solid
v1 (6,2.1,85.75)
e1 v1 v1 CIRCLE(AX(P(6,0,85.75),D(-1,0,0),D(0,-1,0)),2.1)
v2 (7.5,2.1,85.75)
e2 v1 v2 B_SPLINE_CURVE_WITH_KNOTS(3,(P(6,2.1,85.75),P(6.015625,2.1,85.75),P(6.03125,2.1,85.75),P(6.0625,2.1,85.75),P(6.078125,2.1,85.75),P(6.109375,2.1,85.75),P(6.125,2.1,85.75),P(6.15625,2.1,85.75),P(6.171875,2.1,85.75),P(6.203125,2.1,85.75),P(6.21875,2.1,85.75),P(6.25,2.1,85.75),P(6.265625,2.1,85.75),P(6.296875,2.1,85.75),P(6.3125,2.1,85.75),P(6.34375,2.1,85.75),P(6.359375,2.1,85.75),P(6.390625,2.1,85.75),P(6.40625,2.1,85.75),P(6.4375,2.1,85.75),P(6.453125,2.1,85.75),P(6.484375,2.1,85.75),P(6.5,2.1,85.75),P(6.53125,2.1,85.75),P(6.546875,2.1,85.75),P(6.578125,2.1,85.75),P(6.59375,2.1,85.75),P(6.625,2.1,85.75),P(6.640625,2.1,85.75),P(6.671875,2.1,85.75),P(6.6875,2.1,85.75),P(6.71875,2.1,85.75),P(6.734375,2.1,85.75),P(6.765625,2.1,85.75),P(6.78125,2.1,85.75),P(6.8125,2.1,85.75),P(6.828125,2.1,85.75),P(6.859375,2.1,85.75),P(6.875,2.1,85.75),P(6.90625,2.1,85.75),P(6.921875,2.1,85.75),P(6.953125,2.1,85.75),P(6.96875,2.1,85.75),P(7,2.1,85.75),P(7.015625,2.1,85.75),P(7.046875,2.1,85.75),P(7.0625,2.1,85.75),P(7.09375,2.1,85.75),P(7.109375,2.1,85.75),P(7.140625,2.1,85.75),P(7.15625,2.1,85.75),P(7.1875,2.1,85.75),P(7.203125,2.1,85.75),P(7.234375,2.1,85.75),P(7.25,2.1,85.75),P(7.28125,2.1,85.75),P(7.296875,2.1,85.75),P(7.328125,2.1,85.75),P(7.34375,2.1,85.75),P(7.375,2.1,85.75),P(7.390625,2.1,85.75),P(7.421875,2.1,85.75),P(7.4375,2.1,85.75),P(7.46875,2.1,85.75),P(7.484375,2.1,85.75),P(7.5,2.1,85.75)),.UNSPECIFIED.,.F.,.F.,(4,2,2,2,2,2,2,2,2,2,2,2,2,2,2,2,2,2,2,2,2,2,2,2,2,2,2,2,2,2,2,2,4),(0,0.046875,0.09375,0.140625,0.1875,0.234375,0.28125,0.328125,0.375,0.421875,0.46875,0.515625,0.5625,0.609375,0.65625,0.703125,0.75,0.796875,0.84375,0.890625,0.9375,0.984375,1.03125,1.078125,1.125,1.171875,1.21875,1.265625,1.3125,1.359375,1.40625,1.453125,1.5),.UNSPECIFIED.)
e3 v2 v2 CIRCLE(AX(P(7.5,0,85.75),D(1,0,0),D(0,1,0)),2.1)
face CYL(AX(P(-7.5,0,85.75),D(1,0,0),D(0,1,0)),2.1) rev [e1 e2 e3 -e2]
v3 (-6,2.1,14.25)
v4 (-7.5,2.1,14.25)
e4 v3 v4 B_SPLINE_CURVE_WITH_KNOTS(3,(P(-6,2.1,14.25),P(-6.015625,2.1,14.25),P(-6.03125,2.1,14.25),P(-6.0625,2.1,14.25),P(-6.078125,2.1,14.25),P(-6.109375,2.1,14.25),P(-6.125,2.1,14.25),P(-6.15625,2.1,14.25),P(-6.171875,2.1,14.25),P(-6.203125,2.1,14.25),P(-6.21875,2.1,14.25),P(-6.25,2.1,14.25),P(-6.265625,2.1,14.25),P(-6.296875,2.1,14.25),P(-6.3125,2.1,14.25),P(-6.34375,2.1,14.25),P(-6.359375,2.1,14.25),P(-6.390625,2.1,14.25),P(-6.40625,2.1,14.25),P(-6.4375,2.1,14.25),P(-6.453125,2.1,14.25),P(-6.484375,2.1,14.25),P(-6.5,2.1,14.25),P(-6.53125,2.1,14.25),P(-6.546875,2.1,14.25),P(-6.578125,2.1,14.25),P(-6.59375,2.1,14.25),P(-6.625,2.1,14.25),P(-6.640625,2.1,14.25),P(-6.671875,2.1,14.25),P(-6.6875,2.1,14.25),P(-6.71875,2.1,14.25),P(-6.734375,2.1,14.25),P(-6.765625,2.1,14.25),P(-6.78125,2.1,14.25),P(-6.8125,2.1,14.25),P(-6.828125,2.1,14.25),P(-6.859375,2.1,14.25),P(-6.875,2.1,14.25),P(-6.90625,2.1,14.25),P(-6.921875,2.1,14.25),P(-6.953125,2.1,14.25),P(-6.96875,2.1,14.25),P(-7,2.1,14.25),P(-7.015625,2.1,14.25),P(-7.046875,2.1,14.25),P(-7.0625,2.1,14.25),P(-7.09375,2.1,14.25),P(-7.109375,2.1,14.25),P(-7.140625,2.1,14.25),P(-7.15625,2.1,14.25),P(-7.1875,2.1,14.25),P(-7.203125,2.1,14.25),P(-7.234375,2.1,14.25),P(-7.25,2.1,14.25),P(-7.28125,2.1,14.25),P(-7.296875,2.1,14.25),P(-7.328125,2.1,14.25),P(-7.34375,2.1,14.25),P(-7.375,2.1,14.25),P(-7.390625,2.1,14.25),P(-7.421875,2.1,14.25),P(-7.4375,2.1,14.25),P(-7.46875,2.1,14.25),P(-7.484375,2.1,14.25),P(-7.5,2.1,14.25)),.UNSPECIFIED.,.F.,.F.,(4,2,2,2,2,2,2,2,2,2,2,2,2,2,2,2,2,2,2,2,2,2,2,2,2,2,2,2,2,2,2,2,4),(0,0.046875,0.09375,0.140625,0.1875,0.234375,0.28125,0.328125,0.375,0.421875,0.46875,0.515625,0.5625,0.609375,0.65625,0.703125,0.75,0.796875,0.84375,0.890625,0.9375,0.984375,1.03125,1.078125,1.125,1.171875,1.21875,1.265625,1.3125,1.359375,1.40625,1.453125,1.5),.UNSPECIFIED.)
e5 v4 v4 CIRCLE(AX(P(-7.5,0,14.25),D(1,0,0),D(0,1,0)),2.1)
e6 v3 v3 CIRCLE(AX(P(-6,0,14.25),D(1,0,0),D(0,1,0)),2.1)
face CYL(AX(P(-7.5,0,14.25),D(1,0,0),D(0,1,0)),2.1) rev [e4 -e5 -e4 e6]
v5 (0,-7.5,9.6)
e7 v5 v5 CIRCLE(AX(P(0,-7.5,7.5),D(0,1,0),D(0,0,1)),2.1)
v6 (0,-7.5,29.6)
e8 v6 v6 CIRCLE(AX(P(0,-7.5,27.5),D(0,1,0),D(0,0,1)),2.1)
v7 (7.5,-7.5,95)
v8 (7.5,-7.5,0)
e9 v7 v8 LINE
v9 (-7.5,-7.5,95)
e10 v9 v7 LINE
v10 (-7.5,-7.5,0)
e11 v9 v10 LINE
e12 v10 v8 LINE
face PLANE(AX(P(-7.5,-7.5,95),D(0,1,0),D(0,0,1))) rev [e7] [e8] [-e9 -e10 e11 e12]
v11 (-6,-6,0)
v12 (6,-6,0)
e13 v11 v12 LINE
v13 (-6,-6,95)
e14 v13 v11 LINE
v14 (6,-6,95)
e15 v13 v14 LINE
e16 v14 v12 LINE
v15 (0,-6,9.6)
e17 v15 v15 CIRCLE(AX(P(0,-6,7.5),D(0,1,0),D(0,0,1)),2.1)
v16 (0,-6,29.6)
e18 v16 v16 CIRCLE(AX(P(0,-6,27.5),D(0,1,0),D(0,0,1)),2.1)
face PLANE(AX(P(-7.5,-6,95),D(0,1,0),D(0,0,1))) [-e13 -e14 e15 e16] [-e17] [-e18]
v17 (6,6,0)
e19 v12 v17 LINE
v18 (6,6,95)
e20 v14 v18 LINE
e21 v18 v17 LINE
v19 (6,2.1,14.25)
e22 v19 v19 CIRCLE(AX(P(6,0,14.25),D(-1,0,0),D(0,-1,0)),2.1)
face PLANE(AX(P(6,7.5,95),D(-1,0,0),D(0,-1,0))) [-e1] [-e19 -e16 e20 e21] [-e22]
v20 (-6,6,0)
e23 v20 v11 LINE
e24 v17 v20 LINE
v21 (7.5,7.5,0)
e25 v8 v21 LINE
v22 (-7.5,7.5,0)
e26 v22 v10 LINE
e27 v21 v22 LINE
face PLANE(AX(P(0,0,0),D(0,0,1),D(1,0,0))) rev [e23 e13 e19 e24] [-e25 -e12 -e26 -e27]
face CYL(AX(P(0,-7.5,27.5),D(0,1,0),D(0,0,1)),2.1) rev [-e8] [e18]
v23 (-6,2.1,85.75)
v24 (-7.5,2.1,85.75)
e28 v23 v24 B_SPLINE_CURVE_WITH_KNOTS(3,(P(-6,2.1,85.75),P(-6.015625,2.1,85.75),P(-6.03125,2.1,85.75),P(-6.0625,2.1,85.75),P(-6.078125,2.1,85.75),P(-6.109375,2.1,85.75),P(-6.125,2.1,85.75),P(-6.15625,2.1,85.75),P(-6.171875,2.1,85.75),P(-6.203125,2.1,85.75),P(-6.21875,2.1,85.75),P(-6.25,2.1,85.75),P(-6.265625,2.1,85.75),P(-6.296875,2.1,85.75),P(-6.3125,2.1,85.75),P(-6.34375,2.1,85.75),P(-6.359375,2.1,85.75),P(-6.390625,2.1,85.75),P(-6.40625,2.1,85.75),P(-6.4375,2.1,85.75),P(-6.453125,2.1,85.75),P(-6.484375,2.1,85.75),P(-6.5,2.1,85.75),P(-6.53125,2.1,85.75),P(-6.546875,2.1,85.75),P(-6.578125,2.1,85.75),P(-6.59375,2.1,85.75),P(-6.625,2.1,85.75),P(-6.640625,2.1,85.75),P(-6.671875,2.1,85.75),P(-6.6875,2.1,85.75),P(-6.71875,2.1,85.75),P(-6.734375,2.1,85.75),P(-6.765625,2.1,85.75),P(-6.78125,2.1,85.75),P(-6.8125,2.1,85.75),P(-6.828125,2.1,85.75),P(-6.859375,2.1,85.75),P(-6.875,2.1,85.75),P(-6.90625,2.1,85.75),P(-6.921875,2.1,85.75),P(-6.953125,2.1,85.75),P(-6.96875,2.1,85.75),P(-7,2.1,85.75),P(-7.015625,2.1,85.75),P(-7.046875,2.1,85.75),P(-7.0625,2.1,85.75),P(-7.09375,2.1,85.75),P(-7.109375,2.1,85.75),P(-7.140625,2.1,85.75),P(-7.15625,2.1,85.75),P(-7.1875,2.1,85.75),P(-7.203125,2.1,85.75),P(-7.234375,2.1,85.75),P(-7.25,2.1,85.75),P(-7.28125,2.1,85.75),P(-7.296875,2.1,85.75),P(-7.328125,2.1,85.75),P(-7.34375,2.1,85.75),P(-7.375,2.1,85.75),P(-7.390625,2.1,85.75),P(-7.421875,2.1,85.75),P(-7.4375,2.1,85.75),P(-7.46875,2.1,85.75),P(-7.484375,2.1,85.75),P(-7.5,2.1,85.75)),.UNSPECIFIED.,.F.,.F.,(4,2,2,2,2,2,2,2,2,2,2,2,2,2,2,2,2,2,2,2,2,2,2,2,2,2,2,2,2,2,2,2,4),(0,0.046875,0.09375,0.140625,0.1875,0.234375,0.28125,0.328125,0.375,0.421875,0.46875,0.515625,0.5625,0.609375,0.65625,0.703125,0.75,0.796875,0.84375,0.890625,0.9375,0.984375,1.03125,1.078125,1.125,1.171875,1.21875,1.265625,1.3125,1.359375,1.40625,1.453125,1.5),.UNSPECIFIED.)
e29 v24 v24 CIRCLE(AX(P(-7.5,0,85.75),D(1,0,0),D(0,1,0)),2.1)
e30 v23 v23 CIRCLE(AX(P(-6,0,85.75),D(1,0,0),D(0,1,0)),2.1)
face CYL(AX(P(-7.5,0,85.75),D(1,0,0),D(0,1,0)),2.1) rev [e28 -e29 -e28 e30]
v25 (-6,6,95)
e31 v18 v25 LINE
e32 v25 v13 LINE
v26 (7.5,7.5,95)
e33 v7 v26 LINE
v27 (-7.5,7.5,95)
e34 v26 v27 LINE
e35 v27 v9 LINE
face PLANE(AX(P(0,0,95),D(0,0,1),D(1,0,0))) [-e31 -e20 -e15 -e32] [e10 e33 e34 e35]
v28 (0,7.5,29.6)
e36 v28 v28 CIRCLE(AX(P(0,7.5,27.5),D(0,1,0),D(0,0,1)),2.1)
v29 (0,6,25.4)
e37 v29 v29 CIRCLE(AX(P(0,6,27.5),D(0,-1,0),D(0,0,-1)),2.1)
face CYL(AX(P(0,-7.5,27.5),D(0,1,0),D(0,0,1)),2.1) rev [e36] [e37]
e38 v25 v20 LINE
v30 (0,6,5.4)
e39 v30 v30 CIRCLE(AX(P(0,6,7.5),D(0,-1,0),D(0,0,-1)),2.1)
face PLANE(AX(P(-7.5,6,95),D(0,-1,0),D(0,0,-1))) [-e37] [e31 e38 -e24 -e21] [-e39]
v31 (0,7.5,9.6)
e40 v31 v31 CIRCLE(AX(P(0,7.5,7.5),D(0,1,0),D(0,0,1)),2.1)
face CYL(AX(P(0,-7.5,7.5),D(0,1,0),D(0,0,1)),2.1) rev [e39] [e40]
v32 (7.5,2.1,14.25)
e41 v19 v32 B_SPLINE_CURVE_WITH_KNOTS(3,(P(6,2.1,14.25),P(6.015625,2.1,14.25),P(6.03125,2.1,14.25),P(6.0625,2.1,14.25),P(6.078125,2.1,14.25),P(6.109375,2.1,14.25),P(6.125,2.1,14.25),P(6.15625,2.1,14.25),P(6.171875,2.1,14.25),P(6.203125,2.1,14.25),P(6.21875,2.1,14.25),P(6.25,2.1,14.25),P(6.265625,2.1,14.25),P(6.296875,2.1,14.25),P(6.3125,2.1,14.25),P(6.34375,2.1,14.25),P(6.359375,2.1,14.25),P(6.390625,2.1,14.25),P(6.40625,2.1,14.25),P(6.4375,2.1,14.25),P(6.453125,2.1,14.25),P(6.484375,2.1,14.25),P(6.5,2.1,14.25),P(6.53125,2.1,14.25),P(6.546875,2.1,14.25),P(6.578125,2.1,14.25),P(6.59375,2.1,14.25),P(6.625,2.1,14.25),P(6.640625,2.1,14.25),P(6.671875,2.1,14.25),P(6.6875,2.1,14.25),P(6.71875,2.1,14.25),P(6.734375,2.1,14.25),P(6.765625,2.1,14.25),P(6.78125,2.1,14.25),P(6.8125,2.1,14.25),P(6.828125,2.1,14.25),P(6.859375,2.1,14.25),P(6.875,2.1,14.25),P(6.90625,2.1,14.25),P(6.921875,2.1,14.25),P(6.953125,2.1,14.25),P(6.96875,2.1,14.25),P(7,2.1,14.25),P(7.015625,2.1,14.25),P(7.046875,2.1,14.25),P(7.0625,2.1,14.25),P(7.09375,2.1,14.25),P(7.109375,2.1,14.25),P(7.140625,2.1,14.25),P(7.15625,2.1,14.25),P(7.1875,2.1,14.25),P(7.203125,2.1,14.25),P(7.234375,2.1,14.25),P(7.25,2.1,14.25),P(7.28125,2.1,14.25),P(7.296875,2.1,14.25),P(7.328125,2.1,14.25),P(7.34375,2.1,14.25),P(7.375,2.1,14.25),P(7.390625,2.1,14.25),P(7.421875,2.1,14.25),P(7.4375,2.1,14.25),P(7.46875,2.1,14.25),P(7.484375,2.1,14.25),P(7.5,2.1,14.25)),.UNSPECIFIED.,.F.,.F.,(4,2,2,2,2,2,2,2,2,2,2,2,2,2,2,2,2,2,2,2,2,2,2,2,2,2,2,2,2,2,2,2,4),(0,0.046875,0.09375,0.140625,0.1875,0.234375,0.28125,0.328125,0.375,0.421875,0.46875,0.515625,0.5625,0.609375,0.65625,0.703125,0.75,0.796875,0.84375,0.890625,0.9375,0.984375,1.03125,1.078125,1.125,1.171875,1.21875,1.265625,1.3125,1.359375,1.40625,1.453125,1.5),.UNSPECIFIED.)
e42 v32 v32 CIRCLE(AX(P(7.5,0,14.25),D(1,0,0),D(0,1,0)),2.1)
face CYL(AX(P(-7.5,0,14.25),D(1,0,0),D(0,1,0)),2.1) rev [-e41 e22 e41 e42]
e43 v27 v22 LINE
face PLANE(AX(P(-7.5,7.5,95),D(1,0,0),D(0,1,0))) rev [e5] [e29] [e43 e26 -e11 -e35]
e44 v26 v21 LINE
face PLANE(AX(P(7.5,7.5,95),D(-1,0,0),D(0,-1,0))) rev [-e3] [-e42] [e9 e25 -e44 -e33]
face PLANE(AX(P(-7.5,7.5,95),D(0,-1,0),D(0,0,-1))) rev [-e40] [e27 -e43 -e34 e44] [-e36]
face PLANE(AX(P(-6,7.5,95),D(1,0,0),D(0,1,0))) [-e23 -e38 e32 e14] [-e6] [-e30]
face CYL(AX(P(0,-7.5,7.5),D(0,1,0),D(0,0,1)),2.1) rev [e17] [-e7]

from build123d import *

# Parameters (mm, degrees)
SKETCH_1_W          = 15
SKETCH_1_H          = 15
SKETCH_1_W_2        = 12
SKETCH_1_H_2        = 12
EXTRUDE_1_DEPTH     = 95
SKETCH_2_R          = 2.1
CUT_EXTRUDE_1_DEPTH = 97.468906908
SKETCH_3_R          = 2.1
CUT_EXTRUDE_2_DEPTH = 97.468906908


with BuildPart() as part:
    # ｽｹｯﾁ1 → 押し出し-薄板1 (new body)
    with BuildSketch(Plane.XY):
        Rectangle(SKETCH_1_W, SKETCH_1_H)
        Rectangle(SKETCH_1_W_2, SKETCH_1_H_2, mode=Mode.SUBTRACT)
    extrude(amount=EXTRUDE_1_DEPTH)

    # ｽｹｯﾁ2 → ｶｯﾄ - 押し出し1 (cut, through all)
    with BuildSketch(Plane(origin=(7.5, 0, 0), x_dir=(0, 0, -1), z_dir=(1, 0, 0))):
        with Locations(Location((-14.25, 0, 0), (0, 0, 90))):
            Circle(SKETCH_2_R)
        with Locations(Location((-85.75, 0, 0), (0, 0, 90))):
            Circle(SKETCH_2_R)
    extrude(amount=-CUT_EXTRUDE_1_DEPTH, mode=Mode.SUBTRACT)

    # ｽｹｯﾁ3 → ｶｯﾄ - 押し出し2 (cut, through all)
    with BuildSketch(Plane(origin=(0, 7.5, 0), x_dir=(1, 0, 0), z_dir=(0, 1, 0))):
        with Locations(Location((0, -27.5, 0), (0, 0, 270))):
            Circle(SKETCH_3_R)
        with Locations(Location((0, -7.5, 0), (0, 0, 270))):
            Circle(SKETCH_3_R)
    extrude(amount=-CUT_EXTRUDE_2_DEPTH, mode=Mode.SUBTRACT)


solid = part.part
